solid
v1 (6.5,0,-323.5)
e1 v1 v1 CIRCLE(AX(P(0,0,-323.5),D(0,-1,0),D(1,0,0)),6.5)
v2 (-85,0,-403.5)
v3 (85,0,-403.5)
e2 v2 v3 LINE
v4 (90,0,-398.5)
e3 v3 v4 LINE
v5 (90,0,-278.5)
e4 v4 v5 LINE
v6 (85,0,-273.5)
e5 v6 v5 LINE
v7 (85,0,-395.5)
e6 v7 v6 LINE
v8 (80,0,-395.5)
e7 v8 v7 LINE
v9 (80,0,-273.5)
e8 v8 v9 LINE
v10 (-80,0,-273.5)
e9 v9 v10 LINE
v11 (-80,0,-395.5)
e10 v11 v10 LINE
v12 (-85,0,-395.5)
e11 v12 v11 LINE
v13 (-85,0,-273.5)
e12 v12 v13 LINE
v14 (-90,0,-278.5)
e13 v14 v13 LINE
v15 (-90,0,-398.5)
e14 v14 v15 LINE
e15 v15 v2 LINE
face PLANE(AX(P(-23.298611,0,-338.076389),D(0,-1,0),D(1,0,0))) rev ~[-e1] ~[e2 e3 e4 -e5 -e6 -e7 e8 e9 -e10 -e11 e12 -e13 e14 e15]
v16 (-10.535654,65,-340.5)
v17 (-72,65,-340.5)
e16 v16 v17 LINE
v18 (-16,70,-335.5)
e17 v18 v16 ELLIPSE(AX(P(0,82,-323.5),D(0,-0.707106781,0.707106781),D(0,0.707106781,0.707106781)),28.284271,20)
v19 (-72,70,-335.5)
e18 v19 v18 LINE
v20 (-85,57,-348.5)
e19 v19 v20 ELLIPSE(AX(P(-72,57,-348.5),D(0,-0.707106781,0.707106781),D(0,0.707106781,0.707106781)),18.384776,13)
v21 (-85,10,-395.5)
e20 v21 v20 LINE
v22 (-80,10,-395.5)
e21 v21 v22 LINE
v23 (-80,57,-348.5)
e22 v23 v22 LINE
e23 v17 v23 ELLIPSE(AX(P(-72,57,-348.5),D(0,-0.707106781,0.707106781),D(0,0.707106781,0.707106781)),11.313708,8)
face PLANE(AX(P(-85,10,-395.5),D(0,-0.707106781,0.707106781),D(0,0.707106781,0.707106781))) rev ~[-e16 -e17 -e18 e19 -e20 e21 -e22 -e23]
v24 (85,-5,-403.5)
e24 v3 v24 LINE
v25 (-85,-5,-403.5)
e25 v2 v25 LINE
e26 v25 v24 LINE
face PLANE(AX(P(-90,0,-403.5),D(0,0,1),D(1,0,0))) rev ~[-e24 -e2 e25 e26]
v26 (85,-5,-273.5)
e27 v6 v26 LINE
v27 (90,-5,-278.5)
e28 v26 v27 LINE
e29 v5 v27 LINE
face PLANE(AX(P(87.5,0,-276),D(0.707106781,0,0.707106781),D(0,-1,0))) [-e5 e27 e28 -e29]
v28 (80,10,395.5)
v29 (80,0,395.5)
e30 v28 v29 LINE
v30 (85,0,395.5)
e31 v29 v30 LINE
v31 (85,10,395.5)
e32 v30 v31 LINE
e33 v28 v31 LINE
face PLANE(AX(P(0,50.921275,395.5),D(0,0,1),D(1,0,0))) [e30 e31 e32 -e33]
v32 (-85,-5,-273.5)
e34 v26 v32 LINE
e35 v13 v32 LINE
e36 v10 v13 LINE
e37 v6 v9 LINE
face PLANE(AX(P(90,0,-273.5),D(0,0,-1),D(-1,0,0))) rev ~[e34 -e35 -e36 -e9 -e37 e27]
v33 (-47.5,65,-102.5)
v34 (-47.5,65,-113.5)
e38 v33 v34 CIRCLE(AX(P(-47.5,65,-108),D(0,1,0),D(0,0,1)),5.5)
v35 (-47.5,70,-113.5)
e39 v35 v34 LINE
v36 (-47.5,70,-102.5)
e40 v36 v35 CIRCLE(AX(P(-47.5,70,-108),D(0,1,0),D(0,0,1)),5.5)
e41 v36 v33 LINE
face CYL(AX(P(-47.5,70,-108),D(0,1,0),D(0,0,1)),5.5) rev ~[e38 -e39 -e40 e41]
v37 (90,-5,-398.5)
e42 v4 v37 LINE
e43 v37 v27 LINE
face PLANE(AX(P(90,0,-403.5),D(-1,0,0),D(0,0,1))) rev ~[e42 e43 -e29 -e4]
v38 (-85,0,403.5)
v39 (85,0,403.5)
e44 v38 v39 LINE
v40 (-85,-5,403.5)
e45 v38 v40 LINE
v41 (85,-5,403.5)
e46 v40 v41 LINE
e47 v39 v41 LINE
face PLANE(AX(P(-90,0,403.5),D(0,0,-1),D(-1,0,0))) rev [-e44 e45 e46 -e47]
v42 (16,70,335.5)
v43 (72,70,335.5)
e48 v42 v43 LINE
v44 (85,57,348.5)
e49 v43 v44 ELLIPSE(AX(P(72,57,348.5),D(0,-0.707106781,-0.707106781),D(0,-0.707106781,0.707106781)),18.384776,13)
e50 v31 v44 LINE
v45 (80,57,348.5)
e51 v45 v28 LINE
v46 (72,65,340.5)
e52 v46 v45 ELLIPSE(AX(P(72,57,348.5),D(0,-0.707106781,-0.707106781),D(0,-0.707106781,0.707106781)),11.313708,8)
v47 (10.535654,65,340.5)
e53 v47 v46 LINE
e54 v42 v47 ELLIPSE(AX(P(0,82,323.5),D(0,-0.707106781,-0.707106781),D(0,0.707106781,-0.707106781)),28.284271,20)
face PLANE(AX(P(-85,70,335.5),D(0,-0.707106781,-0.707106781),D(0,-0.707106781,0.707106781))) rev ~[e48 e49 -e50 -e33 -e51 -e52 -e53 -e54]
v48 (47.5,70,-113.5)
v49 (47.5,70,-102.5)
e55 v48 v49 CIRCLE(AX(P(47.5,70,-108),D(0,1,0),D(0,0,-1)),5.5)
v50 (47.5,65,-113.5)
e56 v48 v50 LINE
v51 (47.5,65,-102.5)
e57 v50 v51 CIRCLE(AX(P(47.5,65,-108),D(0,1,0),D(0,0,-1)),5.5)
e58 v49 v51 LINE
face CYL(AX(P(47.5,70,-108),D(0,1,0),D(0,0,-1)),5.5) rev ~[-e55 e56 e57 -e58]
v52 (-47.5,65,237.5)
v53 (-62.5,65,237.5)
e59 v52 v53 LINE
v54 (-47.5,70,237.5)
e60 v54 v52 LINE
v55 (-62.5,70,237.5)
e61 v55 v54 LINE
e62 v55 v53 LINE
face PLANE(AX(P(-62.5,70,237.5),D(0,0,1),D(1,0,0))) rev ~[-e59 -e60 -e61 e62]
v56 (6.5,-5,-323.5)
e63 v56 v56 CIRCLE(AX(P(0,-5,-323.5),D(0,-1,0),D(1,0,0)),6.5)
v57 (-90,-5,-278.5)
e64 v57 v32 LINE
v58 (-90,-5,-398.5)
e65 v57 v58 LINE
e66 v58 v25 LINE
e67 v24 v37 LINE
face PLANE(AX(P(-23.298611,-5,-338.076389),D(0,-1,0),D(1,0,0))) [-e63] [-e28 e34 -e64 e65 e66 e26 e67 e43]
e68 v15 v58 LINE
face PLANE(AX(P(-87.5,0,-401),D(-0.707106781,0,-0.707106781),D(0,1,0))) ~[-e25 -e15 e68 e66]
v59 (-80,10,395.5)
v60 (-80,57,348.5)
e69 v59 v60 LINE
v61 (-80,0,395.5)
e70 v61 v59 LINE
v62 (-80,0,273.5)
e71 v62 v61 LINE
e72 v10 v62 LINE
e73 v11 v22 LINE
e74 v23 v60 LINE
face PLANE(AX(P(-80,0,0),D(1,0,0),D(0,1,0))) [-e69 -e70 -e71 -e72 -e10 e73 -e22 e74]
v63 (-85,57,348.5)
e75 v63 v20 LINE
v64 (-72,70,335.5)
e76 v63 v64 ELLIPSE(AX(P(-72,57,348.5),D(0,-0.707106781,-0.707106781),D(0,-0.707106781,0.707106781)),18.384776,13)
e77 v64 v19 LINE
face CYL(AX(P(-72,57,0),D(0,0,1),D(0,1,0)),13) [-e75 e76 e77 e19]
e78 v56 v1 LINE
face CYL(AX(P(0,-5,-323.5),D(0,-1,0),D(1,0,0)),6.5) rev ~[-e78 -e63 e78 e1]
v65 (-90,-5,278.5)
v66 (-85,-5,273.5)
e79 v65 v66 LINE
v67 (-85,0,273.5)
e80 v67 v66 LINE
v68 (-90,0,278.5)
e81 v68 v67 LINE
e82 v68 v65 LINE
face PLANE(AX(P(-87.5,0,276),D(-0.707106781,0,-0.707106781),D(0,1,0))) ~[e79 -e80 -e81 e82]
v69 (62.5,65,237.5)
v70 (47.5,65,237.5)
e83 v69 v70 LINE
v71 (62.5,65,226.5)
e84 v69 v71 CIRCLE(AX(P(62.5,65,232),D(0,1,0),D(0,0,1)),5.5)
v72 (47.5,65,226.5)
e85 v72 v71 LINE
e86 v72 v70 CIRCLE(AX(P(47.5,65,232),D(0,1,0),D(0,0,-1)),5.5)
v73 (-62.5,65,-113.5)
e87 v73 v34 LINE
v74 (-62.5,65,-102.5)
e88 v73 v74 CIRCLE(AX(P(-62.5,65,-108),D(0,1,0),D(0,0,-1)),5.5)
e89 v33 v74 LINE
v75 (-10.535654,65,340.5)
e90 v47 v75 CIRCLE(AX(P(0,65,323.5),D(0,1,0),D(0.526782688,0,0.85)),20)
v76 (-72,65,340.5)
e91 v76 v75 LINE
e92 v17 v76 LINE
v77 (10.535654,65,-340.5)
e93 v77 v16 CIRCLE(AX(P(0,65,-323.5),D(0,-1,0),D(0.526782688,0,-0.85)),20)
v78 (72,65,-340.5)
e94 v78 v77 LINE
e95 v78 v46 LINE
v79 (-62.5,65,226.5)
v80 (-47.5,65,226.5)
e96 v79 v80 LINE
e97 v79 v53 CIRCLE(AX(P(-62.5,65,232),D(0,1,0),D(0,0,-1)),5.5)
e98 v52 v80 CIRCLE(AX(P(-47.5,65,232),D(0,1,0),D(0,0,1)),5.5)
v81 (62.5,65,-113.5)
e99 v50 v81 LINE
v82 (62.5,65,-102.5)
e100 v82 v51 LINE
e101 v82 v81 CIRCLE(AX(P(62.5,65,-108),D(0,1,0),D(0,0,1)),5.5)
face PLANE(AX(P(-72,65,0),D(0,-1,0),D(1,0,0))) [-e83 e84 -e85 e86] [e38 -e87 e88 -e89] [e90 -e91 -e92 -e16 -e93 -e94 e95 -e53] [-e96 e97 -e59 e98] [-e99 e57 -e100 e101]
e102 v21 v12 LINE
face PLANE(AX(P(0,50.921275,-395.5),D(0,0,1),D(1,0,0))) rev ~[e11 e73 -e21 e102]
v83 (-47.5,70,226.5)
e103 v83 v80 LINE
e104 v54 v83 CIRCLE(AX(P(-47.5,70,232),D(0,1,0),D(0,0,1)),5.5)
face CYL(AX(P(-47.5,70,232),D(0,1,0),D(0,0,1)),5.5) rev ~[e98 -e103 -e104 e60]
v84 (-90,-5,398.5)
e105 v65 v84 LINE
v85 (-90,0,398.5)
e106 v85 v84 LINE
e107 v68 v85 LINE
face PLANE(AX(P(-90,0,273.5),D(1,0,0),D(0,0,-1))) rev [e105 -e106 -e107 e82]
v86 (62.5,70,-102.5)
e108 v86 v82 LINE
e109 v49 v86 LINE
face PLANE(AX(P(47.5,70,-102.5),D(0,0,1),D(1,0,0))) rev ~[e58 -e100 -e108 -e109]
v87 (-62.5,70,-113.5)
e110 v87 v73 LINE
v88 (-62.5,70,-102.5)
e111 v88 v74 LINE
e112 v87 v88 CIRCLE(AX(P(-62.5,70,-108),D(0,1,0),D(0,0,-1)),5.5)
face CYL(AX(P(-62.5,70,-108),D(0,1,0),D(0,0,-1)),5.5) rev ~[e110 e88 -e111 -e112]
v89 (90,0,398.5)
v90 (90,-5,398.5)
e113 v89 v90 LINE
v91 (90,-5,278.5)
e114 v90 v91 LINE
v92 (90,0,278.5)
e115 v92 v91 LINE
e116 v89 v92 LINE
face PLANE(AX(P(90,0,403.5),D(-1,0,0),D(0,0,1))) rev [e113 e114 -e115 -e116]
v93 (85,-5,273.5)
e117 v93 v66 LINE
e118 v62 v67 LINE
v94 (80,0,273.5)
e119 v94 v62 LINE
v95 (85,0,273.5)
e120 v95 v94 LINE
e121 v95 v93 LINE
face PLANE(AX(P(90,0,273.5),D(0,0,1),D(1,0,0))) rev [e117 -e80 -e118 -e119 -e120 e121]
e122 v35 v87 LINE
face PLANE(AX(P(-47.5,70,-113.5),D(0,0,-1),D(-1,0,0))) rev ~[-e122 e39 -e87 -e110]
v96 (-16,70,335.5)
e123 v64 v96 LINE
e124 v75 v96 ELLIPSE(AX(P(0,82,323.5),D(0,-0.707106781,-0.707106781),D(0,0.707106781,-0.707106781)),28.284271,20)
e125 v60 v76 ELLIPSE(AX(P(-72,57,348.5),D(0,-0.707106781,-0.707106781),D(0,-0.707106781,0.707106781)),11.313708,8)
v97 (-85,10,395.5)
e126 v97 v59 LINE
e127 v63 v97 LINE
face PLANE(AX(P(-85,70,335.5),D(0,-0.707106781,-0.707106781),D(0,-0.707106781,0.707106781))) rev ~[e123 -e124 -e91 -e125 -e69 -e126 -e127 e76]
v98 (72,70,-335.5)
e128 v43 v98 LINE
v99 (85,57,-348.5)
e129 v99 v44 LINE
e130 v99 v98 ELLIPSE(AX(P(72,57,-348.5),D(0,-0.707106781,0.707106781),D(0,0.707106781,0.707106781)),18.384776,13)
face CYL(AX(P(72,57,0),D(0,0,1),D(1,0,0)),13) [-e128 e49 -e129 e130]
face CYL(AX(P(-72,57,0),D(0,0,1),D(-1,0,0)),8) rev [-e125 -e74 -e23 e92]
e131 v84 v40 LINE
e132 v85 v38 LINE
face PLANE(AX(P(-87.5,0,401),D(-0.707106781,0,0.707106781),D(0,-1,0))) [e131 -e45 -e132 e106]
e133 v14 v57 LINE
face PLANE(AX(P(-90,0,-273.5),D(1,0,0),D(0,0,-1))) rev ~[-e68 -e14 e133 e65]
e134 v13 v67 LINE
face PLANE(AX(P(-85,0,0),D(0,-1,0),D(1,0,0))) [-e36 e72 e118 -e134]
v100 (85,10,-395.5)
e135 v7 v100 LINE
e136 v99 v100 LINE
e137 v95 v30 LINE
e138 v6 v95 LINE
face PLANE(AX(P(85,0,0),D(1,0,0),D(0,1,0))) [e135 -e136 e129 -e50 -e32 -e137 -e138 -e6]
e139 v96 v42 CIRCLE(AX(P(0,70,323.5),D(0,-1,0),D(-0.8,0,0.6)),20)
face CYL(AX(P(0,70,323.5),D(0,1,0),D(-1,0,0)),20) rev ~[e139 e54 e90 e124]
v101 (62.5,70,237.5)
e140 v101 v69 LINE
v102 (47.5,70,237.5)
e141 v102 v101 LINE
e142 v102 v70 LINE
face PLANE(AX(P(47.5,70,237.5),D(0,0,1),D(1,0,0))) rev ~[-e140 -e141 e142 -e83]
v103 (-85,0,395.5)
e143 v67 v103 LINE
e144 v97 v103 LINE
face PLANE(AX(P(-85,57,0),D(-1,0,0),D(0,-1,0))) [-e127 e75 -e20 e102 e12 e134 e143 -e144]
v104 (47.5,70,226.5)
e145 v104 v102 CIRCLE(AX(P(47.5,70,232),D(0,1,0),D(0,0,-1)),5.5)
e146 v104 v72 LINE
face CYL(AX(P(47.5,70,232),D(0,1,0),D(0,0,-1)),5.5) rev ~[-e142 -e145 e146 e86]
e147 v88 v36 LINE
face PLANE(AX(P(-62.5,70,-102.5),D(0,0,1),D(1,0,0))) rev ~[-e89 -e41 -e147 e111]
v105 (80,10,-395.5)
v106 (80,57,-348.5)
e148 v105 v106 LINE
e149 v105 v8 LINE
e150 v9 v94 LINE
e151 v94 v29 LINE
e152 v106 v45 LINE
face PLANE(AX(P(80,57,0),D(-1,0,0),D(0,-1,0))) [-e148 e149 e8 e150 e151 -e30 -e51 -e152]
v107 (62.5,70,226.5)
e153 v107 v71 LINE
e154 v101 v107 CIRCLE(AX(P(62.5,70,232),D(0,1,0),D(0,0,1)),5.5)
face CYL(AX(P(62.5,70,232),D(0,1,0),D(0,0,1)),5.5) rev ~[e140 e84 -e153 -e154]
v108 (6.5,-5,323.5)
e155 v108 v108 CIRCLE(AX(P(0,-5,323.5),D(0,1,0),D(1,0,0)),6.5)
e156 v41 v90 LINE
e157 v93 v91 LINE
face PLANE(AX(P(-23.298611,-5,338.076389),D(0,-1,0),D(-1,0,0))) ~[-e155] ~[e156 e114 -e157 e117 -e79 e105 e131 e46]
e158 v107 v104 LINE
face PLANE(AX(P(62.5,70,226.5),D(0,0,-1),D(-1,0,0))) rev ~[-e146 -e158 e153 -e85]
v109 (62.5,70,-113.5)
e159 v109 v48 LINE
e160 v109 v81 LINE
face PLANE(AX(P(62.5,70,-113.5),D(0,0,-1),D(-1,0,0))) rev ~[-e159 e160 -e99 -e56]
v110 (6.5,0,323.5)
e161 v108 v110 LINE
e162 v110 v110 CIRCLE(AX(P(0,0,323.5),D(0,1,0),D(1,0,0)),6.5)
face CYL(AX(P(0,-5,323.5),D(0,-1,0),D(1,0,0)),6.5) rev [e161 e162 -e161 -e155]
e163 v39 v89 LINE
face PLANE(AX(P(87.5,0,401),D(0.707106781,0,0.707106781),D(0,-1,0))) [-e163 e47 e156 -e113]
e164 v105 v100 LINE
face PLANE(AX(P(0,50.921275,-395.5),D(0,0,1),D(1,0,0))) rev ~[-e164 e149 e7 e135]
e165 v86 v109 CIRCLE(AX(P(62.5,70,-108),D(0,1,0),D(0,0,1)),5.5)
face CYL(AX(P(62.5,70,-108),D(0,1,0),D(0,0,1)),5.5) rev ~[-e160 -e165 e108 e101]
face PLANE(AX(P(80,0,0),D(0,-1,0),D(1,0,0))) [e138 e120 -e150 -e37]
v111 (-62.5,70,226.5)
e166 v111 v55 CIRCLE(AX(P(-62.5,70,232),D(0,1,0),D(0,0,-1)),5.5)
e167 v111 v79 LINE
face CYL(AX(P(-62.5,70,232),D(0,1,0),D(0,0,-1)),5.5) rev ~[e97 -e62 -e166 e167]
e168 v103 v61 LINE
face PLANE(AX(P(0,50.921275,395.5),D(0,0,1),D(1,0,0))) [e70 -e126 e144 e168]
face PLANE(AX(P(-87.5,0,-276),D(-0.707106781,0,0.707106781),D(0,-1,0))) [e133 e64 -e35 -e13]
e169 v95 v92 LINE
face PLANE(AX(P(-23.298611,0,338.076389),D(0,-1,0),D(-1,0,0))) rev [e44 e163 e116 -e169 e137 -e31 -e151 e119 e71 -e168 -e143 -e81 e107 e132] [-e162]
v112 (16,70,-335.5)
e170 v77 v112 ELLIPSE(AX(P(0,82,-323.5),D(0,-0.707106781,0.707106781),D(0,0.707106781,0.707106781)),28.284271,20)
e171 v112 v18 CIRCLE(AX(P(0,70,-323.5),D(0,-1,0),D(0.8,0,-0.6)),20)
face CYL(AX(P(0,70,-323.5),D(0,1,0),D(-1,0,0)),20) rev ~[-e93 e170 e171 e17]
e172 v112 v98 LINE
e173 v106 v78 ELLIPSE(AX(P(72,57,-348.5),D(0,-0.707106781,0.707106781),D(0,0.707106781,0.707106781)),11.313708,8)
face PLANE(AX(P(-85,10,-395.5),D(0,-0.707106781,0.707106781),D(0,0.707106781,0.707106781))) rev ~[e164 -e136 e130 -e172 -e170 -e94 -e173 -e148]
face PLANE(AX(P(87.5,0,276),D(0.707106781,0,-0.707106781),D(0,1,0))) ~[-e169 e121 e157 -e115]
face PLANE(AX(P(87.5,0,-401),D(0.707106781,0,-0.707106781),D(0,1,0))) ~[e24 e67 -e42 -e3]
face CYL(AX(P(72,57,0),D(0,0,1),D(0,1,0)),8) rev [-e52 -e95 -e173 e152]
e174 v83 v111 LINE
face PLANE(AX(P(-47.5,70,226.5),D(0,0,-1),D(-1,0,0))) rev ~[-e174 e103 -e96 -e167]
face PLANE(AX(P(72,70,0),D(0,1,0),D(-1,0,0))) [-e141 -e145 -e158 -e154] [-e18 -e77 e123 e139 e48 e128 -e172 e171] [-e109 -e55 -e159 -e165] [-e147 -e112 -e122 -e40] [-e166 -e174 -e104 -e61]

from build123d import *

# Parameters (mm, degrees)
F1_DEPTH  = 395.5
F2_R      = 20
F3_DEPTH  = 70.001
F4_W      = 5
F4_H      = 122
F5_DEPTH  = 5
F6_R      = 6.5
F7_DEPTH  = 75.001
F8_SIZE   = 5
F11_DEPTH = 175.001


with BuildPart() as f1:
    # F0 (on Top) → F1 (new body, symmetric)
    with BuildSketch(Plane.XY):
        with BuildLine():
            Line((-85, 57), (-85, 0))
            Line((-85, 0), (-80, 0))
            Line((-80, 0), (-80, 57))
            ThreePointArc((-80, 57), (-77.6568542495, 62.6568542495), (-72, 65))
            Line((-72, 65), (72, 65))
            ThreePointArc((72, 65), (77.6568542495, 62.6568542495), (80, 57))
            Line((80, 57), (80, 0))
            Line((80, 0), (85, 0))
            Line((85, 0), (85, 57))
            ThreePointArc((85, 57), (81.1923881554, 66.1923881554), (72, 70))
            Line((72, 70), (-72, 70))
            ThreePointArc((-72, 70), (-81.1923881554, 66.1923881554), (-85, 57))
        make_face()
    extrude(amount=F1_DEPTH, both=True)

    # F2 (on face) → F3 (cut, through all)
    with BuildSketch(Plane(origin=(0, 70, 0), x_dir=(-1, 0, 0), z_dir=(0, 1, 0))):
        with Locations((0, -323.5)):
            Circle(F2_R)
        with BuildLine():
            Line((-47.5, -102.5), (-62.5, -102.5))
            ThreePointArc((-62.5, -102.5), (-68, -108), (-62.5, -113.5))
            Line((-62.5, -113.5), (-47.5, -113.5))
            ThreePointArc((-47.5, -113.5), (-42, -108), (-47.5, -102.5))
        make_face()
        with Locations((0, 323.5)):
            Circle(F2_R)
        with BuildLine():
            Line((-47.5, 237.5), (-62.5, 237.5))
            ThreePointArc((-62.5, 237.5), (-68, 232), (-62.5, 226.5))
            Line((-62.5, 226.5), (-47.5, 226.5))
            ThreePointArc((-47.5, 226.5), (-42, 232), (-47.5, 237.5))
        make_face()
        with BuildLine():
            Line((47.5, 226.5), (62.5, 226.5))
            ThreePointArc((62.5, 226.5), (68, 232), (62.5, 237.5))
            Line((62.5, 237.5), (47.5, 237.5))
            ThreePointArc((47.5, 237.5), (42, 232), (47.5, 226.5))
        make_face()
        with BuildLine():
            ThreePointArc((62.5, -113.5), (68, -108), (62.5, -102.5))
            Line((62.5, -102.5), (47.5, -102.5))
            ThreePointArc((47.5, -102.5), (42, -108), (47.5, -113.5))
            Line((47.5, -113.5), (62.5, -113.5))
        make_face()
    extrude(amount=-F3_DEPTH, mode=Mode.SUBTRACT)



with BuildPart() as f5:
    # F4 (on face) → F5 (new body)
    with BuildSketch(Plane.XZ):
        Polygon((-90, -273.5), (-90, -403.5), (90, -403.5), (90, -273.5), (-80, -273.5), (-80, -395.5), (-85, -395.5), (-85, -273.5), align=None)
        with Locations((-82.5, -334.5)):
            Rectangle(F4_W, F4_H)
    extrude(amount=F5_DEPTH)

    # F6 (on face) → F7 (cut, through all)
    with BuildSketch(Plane.XZ.offset(5)):
        with Locations((0, -323.5)):
            Circle(F6_R)
    extrude(amount=-F7_DEPTH, mode=Mode.SUBTRACT)

    # F8
    f8_edges = [f5.edges().sort_by_distance(p)[0] for p in [
        (-90, -2.5, -273.5),
        (90, -2.5, -273.5),
        (-90, -2.5, -403.5),
        (90, -2.5, -403.5),
    ]]
    chamfer(f8_edges, length=F8_SIZE)


with BuildPart() as f1_1:
    add(f1.part)

    add(f5.part)  # F9 merges F5
    # F9: F5 across plane
    add(f5.part.mirror(Plane.XY))

    # F10 (on face) → F11 (cut, through all)
    with BuildSketch(Plane(origin=(-85, 0, 0), x_dir=(0, -1, 0), z_dir=(-1, 0, 0))):
        Polygon((-70, -395.5), (-57, -395.5), (-57, -348.5), (-70, -335.5), align=None)
        Polygon((-57, -395.5), (-10, -395.5), (-57, -348.5), align=None)
        Polygon((-70, 335.5), (-57, 348.5), (-57, 395.5), (-70, 395.5), align=None)
        Polygon((-57, 395.5), (-57, 348.5), (-10, 395.5), align=None)
    extrude(amount=-F11_DEPTH, mode=Mode.SUBTRACT)


solid = f1_1.part
